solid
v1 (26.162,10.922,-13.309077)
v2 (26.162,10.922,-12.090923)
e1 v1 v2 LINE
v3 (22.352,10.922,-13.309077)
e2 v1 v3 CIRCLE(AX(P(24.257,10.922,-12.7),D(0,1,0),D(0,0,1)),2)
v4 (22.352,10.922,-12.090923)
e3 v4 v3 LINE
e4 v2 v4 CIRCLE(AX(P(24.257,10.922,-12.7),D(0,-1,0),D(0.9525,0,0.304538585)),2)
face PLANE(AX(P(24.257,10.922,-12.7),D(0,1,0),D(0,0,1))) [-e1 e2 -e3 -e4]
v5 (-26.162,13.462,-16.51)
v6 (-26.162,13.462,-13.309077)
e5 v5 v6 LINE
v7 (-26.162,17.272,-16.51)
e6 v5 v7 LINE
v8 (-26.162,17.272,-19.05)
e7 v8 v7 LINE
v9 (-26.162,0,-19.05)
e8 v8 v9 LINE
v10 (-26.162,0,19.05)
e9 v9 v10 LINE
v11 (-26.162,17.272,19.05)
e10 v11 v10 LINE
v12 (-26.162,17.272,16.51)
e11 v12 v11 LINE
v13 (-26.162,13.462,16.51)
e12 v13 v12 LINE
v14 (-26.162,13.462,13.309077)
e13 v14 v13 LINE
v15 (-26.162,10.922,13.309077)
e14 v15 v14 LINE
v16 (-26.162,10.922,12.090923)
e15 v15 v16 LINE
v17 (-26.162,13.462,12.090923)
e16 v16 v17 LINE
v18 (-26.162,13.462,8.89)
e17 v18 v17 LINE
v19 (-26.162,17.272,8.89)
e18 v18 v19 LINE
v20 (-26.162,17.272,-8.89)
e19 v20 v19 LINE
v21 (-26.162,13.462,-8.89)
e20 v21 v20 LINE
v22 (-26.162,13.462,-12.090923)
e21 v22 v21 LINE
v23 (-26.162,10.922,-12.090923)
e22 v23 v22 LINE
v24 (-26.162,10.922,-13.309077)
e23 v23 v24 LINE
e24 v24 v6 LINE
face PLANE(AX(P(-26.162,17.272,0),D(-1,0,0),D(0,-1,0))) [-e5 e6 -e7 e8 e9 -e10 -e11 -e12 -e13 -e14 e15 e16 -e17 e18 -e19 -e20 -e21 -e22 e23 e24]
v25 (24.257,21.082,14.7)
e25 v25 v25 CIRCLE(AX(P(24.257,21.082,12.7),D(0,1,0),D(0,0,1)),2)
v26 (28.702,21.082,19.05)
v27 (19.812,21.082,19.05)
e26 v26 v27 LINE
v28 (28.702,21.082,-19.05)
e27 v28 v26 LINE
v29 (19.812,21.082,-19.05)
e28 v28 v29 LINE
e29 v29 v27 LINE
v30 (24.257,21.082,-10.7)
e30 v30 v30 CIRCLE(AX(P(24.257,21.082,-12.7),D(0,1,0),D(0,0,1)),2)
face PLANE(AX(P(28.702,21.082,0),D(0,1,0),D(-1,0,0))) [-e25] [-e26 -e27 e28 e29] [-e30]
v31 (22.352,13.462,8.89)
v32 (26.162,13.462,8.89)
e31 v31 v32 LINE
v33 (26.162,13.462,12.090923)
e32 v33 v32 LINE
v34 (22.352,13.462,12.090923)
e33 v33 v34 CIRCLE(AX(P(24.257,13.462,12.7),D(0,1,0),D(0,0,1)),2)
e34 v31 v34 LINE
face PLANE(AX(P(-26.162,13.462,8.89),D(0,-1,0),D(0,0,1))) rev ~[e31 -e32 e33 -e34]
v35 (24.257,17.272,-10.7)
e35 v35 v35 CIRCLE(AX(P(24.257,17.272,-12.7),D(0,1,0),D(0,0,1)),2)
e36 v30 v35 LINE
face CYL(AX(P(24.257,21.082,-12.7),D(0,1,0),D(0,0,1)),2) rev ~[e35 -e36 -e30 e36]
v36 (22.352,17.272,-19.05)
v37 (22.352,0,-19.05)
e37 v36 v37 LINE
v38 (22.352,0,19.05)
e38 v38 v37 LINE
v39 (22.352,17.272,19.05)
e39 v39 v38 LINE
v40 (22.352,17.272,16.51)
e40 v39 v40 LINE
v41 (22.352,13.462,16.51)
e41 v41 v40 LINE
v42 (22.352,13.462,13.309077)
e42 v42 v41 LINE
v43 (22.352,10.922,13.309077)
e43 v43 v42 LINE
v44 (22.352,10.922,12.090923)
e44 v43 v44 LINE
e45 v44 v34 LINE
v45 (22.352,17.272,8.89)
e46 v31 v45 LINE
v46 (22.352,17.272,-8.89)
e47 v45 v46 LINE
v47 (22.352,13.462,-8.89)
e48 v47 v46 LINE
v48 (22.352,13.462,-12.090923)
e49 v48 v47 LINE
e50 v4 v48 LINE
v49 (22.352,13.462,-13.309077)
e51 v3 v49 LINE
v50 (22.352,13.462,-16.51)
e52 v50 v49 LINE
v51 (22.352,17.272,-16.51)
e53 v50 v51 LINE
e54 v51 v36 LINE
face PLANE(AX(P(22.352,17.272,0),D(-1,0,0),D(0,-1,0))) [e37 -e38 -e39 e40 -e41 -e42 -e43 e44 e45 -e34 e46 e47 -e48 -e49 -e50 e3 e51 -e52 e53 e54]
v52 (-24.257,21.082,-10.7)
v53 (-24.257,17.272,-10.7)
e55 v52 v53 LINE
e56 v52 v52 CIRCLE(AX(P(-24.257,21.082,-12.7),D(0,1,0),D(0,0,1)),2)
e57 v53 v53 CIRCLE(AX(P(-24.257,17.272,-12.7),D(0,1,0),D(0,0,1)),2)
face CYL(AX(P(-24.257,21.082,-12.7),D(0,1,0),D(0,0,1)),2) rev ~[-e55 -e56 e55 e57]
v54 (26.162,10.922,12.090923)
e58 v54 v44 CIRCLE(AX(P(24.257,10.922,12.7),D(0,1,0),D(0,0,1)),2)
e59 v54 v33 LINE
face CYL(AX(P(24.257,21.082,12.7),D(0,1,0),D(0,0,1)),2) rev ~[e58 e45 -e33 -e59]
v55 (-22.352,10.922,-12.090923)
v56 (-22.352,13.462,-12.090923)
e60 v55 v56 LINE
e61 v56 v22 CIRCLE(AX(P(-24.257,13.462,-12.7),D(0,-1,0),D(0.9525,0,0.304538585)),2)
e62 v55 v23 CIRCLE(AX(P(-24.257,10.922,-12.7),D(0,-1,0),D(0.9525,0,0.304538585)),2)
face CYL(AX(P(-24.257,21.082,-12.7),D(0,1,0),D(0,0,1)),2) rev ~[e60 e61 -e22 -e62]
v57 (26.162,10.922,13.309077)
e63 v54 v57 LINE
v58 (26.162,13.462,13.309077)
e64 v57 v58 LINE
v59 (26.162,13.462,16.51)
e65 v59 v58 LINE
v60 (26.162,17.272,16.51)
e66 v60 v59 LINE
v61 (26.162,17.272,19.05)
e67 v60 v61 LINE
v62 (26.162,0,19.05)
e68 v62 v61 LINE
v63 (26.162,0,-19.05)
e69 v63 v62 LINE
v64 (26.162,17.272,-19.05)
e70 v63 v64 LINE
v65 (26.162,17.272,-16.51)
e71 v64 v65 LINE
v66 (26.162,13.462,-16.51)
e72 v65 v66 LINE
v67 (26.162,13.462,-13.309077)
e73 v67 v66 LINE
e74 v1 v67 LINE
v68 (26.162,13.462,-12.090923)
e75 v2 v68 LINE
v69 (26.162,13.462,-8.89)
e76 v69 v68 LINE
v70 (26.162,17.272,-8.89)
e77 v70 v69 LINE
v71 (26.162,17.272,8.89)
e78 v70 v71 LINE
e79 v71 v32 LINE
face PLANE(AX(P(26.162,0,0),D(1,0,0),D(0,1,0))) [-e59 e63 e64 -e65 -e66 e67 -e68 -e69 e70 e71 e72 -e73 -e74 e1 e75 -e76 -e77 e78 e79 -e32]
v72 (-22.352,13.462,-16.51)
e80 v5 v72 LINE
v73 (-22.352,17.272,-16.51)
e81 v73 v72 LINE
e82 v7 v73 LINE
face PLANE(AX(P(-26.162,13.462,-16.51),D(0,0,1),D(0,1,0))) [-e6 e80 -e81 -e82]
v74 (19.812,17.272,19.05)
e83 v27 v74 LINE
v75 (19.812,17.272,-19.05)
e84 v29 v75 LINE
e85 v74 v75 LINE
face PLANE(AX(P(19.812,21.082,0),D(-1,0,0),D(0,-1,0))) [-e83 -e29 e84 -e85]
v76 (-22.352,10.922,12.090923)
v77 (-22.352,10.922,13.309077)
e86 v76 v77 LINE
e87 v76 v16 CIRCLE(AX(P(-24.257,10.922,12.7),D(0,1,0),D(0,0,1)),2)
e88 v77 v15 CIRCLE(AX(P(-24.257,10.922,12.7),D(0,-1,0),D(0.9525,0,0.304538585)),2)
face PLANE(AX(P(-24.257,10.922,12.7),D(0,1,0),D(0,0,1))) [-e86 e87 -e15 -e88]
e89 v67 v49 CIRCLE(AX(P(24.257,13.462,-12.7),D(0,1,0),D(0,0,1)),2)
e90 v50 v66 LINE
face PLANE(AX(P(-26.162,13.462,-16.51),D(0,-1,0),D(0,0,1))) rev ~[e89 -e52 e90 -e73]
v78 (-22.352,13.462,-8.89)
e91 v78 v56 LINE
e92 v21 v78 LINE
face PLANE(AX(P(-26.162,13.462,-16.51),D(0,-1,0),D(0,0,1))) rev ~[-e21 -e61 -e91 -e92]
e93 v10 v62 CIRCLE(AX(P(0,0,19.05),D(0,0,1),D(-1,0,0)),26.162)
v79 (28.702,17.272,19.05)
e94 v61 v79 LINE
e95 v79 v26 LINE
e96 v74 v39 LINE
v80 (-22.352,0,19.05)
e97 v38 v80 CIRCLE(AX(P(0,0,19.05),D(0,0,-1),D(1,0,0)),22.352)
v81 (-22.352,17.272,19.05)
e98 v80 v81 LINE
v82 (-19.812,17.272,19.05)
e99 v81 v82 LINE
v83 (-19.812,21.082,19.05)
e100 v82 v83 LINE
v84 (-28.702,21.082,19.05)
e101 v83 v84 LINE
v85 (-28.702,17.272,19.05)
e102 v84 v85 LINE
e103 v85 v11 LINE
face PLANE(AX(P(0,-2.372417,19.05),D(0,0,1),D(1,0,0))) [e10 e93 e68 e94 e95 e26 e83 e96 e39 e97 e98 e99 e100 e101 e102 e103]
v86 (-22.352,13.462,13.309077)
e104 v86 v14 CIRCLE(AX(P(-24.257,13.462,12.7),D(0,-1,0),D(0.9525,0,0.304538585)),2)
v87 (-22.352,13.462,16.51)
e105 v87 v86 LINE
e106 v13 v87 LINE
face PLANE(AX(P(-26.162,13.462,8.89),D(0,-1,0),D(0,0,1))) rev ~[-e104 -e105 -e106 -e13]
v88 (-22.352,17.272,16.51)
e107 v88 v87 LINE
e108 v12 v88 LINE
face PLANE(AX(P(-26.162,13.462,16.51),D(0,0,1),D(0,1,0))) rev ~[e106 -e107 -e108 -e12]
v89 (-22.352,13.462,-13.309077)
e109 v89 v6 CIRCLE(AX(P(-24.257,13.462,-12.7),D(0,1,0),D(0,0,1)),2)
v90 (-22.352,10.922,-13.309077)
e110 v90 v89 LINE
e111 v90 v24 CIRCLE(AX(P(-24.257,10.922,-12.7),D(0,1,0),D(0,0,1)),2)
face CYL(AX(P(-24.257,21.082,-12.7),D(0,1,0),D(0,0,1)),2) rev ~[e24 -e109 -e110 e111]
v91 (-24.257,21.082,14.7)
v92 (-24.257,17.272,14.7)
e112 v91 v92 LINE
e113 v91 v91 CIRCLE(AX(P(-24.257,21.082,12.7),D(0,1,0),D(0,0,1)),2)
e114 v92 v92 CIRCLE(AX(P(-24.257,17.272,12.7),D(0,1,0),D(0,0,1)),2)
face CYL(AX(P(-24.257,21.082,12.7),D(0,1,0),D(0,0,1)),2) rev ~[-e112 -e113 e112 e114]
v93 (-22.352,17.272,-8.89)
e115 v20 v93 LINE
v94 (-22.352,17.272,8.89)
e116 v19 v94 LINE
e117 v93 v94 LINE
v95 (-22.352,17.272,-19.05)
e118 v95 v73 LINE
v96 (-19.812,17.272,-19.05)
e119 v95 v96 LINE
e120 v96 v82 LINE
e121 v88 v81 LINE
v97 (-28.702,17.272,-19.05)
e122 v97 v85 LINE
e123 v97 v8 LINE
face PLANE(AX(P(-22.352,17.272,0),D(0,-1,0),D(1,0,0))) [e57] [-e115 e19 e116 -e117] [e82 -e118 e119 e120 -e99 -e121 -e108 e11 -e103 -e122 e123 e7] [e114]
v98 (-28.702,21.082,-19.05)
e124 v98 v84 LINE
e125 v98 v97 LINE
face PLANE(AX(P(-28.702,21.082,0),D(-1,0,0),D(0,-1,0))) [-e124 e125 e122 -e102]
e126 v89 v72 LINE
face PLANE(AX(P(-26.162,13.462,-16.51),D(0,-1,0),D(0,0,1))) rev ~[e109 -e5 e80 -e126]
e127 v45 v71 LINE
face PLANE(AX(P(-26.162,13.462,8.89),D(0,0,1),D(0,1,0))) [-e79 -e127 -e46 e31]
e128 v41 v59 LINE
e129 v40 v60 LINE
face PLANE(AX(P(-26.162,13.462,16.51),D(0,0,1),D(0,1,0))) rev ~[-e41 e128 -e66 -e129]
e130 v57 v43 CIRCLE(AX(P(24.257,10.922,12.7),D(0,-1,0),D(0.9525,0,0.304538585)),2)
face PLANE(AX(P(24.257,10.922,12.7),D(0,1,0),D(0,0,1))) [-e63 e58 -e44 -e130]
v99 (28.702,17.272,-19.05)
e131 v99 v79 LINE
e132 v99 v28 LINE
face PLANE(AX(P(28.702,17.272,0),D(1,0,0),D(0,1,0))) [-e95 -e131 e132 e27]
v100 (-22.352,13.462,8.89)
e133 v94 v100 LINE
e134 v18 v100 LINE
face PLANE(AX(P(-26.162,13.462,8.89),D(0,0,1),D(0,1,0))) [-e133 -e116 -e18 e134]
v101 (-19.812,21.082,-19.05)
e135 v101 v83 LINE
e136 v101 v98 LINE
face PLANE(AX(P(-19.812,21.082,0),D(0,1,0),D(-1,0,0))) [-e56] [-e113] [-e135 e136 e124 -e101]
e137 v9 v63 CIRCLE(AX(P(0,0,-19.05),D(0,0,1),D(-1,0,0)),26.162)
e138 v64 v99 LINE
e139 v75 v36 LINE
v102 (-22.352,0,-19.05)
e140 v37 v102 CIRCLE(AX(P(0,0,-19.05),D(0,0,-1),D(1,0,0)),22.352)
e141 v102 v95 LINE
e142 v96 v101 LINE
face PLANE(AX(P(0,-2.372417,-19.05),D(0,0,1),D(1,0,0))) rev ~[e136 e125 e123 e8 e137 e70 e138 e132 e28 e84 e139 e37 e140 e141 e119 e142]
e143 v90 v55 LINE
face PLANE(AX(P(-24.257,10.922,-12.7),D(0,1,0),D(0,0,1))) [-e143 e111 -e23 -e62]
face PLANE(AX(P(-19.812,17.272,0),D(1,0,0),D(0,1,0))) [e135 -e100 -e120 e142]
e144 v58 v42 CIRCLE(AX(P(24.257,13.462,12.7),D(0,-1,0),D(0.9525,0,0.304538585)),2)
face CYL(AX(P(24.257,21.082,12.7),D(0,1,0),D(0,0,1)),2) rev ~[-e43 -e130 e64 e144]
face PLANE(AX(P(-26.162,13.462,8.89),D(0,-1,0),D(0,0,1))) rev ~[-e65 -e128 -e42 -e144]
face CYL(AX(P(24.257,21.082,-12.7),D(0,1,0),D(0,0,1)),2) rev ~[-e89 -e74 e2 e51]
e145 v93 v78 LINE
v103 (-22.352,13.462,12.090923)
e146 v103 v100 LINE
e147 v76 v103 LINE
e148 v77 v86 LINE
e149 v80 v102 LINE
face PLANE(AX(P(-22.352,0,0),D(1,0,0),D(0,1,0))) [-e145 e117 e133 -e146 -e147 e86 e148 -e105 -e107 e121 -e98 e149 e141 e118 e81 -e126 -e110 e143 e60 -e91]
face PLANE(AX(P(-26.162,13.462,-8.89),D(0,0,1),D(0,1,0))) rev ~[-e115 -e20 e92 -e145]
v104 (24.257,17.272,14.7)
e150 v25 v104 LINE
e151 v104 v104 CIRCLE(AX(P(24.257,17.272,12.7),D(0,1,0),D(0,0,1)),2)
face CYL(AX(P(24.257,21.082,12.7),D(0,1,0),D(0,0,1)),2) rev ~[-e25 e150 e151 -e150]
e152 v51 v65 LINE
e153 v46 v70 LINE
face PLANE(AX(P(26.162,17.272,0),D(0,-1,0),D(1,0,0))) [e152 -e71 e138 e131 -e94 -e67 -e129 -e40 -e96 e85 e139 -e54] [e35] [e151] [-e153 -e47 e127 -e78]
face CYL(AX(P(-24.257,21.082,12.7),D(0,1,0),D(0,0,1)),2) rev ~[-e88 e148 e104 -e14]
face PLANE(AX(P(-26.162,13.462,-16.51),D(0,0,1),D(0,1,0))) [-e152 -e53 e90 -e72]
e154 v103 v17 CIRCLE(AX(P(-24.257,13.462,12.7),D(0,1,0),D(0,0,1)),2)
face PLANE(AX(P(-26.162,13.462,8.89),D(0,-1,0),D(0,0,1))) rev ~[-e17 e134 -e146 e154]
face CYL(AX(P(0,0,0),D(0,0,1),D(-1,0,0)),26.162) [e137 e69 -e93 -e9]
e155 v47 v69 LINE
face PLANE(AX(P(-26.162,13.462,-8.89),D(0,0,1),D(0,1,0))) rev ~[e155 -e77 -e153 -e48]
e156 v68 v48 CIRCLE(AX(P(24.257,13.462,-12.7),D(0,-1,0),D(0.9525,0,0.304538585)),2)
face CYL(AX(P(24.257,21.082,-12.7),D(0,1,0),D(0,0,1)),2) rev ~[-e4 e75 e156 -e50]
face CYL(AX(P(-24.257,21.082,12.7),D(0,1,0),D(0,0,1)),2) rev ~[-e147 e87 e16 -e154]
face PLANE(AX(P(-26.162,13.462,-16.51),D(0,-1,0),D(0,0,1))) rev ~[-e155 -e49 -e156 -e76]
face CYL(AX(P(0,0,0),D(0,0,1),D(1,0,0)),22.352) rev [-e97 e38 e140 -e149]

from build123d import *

# Parameters (mm, degrees)
BOSS_EXTRUDE1_DEPTH = 19.05
SKETCH2_R           = 2
CUT_EXTRUDE1_DEPTH  = 10.16
SKETCH3_W           = 7.62
SKETCH3_H           = 3.81
CUT_EXTRUDE2_DEPTH  = 64.697811893


with BuildPart() as part:
    # Sketch1 → Boss-Extrude1 (new, symmetric)
    with BuildSketch(Plane.XY):
        with BuildLine():
            Line((-22.352, 0), (-22.352, 17.272))
            Line((-22.352, 17.272), (-19.812, 17.272))
            Line((-19.812, 17.272), (-19.812, 21.082))
            Line((-19.812, 21.082), (-28.702, 21.082))
            Line((-28.702, 21.082), (-28.702, 17.272))
            Line((-28.702, 17.272), (-26.162, 17.272))
            Line((-26.162, 17.272), (-26.162, 0))
            ThreePointArc((-26.162, 0), (0, -26.162), (26.162, 0))
            Line((26.162, 0), (26.162, 17.272))
            Line((26.162, 17.272), (28.702, 17.272))
            Line((28.702, 17.272), (28.702, 21.082))
            Line((28.702, 21.082), (19.812, 21.082))
            Line((19.812, 21.082), (19.812, 17.272))
            Line((19.812, 17.272), (22.352, 17.272))
            Line((22.352, 17.272), (22.352, 0))
            ThreePointArc((22.352, 0), (0, -22.352), (-22.352, 0))
        make_face()
    extrude(amount=BOSS_EXTRUDE1_DEPTH, both=True)

    # Sketch2 → Cut-Extrude1 (cut)
    with BuildSketch(Plane(origin=(0, 21.082, 0), x_dir=(1, 0, 0), z_dir=(0, 1, 0))):
        with Locations(Location((-24.257, 12.7, 0), (0, 0, 270))):
            Circle(SKETCH2_R)
        with Locations(Location((-24.257, -12.7, 0), (0, 0, 270))):
            Circle(SKETCH2_R)
        with Locations(Location((24.257, -12.7, 0), (0, 0, 270))):
            Circle(SKETCH2_R)
        with Locations(Location((24.257, 12.7, 0), (0, 0, 270))):
            Circle(SKETCH2_R)
    extrude(amount=-CUT_EXTRUDE1_DEPTH, mode=Mode.SUBTRACT)

    # Sketch3 → Cut-Extrude2 (cut, through all)
    with BuildSketch(Plane.ZY.offset(26.162)):
        with Locations((-12.7, 15.367)):
            Rectangle(SKETCH3_W, SKETCH3_H)
        with Locations((12.7, 15.367)):
            Rectangle(SKETCH3_W, SKETCH3_H)
    extrude(amount=-CUT_EXTRUDE2_DEPTH, mode=Mode.SUBTRACT)


solid = part.part
